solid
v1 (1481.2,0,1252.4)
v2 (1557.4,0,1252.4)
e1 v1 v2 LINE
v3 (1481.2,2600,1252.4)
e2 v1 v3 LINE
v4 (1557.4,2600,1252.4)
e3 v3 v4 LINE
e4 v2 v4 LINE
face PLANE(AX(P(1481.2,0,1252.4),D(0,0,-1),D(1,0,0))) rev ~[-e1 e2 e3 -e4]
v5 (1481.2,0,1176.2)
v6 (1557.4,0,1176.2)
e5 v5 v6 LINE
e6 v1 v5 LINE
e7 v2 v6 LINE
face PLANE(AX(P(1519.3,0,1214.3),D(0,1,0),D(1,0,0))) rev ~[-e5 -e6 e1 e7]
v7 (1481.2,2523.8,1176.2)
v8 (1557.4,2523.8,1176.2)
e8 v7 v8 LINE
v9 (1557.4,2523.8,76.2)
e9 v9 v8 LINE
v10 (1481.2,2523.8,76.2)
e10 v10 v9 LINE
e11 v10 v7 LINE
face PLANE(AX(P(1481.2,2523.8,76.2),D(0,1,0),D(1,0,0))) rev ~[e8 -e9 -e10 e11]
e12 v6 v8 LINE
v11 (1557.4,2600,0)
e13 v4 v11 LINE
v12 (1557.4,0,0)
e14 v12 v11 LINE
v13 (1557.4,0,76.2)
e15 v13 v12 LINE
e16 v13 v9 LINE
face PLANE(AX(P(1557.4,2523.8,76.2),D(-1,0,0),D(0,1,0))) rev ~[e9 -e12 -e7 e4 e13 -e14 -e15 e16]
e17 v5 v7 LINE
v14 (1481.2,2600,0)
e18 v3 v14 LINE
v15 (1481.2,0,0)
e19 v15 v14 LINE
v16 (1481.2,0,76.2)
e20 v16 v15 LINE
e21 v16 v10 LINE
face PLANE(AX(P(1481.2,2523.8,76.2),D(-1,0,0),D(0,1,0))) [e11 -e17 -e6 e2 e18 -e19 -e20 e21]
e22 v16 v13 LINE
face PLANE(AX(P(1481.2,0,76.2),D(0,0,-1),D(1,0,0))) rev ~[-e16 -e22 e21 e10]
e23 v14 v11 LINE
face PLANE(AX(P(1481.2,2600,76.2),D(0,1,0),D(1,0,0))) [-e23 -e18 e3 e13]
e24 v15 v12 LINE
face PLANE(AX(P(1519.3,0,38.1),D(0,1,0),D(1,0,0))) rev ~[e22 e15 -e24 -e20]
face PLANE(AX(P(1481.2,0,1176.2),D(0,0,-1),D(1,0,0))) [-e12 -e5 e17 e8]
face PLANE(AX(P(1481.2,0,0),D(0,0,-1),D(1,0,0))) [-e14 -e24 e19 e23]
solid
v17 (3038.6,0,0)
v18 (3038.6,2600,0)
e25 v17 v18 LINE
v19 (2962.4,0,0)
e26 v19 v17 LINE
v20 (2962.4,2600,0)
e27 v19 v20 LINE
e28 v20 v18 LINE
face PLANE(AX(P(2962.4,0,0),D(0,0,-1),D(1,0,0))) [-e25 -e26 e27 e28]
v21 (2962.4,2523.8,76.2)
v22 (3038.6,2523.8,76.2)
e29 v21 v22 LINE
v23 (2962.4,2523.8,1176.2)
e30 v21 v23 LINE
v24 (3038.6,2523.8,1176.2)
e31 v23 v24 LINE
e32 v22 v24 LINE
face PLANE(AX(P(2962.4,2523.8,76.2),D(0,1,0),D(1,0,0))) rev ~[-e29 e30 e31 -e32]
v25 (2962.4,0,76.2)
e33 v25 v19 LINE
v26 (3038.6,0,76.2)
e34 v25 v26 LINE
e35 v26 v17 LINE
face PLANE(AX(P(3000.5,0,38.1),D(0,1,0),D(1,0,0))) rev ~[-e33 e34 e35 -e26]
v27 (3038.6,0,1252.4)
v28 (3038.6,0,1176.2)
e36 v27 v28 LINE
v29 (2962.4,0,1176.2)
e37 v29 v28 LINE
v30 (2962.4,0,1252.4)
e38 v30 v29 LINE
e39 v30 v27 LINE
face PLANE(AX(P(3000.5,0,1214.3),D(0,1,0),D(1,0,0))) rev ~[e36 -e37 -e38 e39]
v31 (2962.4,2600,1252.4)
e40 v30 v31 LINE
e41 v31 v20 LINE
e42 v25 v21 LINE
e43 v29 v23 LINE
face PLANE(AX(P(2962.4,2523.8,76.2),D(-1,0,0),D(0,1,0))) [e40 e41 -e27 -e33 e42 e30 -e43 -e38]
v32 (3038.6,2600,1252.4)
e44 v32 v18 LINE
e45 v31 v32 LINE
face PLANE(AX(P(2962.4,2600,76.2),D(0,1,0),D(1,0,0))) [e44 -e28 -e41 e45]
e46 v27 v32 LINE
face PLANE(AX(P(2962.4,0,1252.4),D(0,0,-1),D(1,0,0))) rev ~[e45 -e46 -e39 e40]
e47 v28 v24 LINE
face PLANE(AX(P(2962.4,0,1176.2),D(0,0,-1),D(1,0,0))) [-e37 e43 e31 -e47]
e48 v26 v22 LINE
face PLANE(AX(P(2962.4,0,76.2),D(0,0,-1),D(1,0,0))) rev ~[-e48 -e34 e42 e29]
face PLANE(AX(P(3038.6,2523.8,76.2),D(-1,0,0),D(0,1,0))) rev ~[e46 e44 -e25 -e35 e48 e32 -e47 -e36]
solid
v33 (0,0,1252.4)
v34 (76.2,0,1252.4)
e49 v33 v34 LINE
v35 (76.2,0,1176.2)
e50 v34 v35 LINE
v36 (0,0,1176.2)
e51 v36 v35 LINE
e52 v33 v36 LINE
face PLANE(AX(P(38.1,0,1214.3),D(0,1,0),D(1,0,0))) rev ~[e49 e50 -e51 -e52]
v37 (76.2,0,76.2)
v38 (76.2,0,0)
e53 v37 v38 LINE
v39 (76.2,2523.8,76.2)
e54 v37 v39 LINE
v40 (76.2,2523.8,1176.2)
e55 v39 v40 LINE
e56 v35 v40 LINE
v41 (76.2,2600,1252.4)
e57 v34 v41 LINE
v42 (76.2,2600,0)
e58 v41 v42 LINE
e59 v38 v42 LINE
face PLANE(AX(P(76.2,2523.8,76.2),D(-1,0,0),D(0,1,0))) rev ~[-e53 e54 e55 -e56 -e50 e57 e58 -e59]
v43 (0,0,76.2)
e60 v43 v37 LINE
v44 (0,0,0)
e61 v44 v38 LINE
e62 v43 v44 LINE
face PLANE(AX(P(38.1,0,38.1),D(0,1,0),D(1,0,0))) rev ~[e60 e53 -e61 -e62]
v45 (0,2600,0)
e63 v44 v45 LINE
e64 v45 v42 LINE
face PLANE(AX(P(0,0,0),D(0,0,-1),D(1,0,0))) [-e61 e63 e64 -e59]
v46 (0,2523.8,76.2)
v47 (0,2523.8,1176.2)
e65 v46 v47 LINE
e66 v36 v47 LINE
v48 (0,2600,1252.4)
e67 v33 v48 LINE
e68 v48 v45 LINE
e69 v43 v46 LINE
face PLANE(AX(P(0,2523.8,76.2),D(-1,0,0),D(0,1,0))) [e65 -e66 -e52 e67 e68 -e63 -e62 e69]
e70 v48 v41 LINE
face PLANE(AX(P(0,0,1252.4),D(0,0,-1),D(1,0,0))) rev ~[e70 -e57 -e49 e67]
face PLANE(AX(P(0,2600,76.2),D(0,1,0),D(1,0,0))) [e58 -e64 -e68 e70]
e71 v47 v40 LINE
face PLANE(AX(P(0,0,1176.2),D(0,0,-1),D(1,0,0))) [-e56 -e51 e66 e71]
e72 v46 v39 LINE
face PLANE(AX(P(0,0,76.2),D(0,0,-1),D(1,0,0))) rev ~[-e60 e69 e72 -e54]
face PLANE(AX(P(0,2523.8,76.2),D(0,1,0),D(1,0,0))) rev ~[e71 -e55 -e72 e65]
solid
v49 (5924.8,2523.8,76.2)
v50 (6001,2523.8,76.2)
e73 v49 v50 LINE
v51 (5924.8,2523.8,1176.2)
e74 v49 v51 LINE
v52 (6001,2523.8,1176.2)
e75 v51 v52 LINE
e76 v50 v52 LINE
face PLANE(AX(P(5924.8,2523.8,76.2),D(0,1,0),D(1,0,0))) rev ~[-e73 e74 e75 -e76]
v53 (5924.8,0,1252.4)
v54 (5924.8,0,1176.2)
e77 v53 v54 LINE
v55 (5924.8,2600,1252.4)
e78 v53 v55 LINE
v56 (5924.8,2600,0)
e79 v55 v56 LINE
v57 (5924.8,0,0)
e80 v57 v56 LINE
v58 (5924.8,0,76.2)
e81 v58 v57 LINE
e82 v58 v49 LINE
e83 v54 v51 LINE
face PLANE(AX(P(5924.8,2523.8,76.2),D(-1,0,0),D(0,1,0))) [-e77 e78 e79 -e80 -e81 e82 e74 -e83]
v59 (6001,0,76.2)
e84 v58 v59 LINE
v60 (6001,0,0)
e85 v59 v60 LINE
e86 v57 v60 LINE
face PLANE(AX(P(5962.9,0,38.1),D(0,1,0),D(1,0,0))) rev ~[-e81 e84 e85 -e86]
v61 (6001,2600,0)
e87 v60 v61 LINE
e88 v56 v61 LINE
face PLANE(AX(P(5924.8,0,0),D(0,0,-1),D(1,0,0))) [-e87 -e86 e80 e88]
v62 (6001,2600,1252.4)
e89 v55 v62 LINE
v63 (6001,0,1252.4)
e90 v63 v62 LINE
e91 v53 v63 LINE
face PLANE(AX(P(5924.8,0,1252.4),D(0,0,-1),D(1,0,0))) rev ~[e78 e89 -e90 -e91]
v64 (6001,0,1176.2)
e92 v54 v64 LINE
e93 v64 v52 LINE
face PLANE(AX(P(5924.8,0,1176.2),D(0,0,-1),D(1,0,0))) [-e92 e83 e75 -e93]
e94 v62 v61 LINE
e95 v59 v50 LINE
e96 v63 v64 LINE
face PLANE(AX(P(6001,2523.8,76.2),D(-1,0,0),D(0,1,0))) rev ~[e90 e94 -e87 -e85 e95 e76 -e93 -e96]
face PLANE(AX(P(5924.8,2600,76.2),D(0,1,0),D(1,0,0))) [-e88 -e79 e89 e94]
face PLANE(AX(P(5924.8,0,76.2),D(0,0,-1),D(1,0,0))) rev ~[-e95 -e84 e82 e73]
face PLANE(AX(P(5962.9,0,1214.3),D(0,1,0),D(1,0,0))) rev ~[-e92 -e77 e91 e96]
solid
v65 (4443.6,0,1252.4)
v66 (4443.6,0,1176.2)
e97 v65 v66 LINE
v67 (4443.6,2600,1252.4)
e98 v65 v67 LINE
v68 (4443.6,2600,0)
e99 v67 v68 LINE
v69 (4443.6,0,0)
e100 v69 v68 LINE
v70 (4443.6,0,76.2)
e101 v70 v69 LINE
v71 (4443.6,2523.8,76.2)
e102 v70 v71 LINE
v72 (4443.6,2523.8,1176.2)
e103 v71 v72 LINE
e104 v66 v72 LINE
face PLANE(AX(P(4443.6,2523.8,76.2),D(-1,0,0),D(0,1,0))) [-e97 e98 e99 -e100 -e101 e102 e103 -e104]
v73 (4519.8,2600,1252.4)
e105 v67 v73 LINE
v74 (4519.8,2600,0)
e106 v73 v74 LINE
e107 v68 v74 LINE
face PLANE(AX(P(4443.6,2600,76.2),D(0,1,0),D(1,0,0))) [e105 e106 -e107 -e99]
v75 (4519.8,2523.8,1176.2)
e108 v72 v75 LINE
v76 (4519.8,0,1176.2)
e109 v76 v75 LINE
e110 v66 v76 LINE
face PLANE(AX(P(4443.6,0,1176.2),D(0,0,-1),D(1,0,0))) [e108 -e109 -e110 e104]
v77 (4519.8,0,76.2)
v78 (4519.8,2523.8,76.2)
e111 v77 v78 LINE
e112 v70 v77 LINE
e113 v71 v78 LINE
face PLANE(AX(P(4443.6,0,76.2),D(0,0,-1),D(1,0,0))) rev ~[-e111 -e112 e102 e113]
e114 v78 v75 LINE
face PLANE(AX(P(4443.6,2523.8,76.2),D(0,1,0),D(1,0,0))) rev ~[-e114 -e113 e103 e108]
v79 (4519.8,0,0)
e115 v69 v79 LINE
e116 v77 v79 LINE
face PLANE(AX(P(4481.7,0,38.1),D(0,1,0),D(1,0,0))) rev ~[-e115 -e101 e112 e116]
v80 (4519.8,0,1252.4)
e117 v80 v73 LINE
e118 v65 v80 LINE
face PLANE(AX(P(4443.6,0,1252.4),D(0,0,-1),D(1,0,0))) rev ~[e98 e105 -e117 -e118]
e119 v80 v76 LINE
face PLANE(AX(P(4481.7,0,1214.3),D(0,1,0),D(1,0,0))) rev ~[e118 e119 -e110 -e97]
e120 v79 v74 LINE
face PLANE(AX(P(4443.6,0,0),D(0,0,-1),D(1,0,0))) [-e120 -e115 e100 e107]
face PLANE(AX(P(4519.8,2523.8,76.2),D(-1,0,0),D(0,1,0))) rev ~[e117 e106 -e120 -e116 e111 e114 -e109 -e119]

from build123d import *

# Parameters (mm, degrees)
CROQUIS1_W                 = 76.2
CROQUIS1_H                 = 76.2
SALIENTE_EXTRUIR1_DEPTH    = 2600
SALIENTE_EXTRUIR1_2_DEPTH  = 2600
SALIENTE_EXTRUIR1_3_DEPTH  = 2600
SALIENTE_EXTRUIR1_4_DEPTH  = 2600
SALIENTE_EXTRUIR1_5_DEPTH  = 2600
SALIENTE_EXTRUIR1_6_DEPTH  = 2600
SALIENTE_EXTRUIR1_7_DEPTH  = 2600
SALIENTE_EXTRUIR1_8_DEPTH  = 2600
SALIENTE_EXTRUIR1_9_DEPTH  = 2600
SALIENTE_EXTRUIR1_10_DEPTH = 2600
CROQUIS2_W                 = 76.2
CROQUIS2_H                 = 76.2
SALIENTE_EXTRUIR2_DEPTH    = 1100


with BuildPart() as part:
    # Croquis1 → Saliente-Extruir1 (new body)
    with BuildSketch(Plane(origin=(0, 0, 0), x_dir=(1, 0, 0), z_dir=(0, 1, 0))):
        with Locations((38.1, -38.1)):
            Rectangle(CROQUIS1_W, CROQUIS1_H)
    extrude(amount=SALIENTE_EXTRUIR1_DEPTH)



with BuildPart() as body_2:
    # Croquis1 → Saliente-Extruir1 2 (new body)
    with BuildSketch(Plane(origin=(0, 0, 0), x_dir=(1, 0, 0), z_dir=(0, 1, 0))):
        with Locations((1519.3, -38.1)):
            Rectangle(CROQUIS1_W, CROQUIS1_H)
    extrude(amount=SALIENTE_EXTRUIR1_2_DEPTH)


with BuildPart() as body_3:
    # Croquis1 → Saliente-Extruir1 3 (new body)
    with BuildSketch(Plane(origin=(0, 0, 0), x_dir=(1, 0, 0), z_dir=(0, 1, 0))):
        with Locations((3000.5, -38.1)):
            Rectangle(CROQUIS1_W, CROQUIS1_H)
    extrude(amount=SALIENTE_EXTRUIR1_3_DEPTH)


with BuildPart() as body_4:
    # Croquis1 → Saliente-Extruir1 4 (new body)
    with BuildSketch(Plane(origin=(0, 0, 0), x_dir=(1, 0, 0), z_dir=(0, 1, 0))):
        with Locations((4481.7, -38.1)):
            Rectangle(CROQUIS1_W, CROQUIS1_H)
    extrude(amount=SALIENTE_EXTRUIR1_4_DEPTH)


with BuildPart() as body_5:
    # Croquis1 → Saliente-Extruir1 5 (new body)
    with BuildSketch(Plane(origin=(0, 0, 0), x_dir=(1, 0, 0), z_dir=(0, 1, 0))):
        with Locations((5962.9, -38.1)):
            Rectangle(CROQUIS1_W, CROQUIS1_H)
    extrude(amount=SALIENTE_EXTRUIR1_5_DEPTH)


with BuildPart() as body_6:
    # Croquis1 → Saliente-Extruir1 6 (new body)
    with BuildSketch(Plane(origin=(0, 0, 0), x_dir=(1, 0, 0), z_dir=(0, 1, 0))):
        with Locations((5962.9, -1214.3)):
            Rectangle(CROQUIS1_W, CROQUIS1_H)
    extrude(amount=SALIENTE_EXTRUIR1_6_DEPTH)


with BuildPart() as body_7:
    # Croquis1 → Saliente-Extruir1 7 (new body)
    with BuildSketch(Plane(origin=(0, 0, 0), x_dir=(1, 0, 0), z_dir=(0, 1, 0))):
        with Locations((4481.7, -1214.3)):
            Rectangle(CROQUIS1_W, CROQUIS1_H)
    extrude(amount=SALIENTE_EXTRUIR1_7_DEPTH)


with BuildPart() as body_8:
    # Croquis1 → Saliente-Extruir1 8 (new body)
    with BuildSketch(Plane(origin=(0, 0, 0), x_dir=(1, 0, 0), z_dir=(0, 1, 0))):
        with Locations((3000.5, -1214.3)):
            Rectangle(CROQUIS1_W, CROQUIS1_H)
    extrude(amount=SALIENTE_EXTRUIR1_8_DEPTH)


with BuildPart() as body_9:
    # Croquis1 → Saliente-Extruir1 9 (new body)
    with BuildSketch(Plane(origin=(0, 0, 0), x_dir=(1, 0, 0), z_dir=(0, 1, 0))):
        with Locations((1519.3, -1214.3)):
            Rectangle(CROQUIS1_W, CROQUIS1_H)
    extrude(amount=SALIENTE_EXTRUIR1_9_DEPTH)


with BuildPart() as body_10:
    # Croquis1 → Saliente-Extruir1 10 (new body)
    with BuildSketch(Plane(origin=(0, 0, 0), x_dir=(1, 0, 0), z_dir=(0, 1, 0))):
        with Locations((38.1, -1214.3)):
            Rectangle(CROQUIS1_W, CROQUIS1_H)
    extrude(amount=SALIENTE_EXTRUIR1_10_DEPTH)


with BuildPart() as part_1:
    add(part.part)

    add(body_2.part)  # Saliente-Extruir2 merges body 2

    add(body_3.part)  # Saliente-Extruir2 merges body 3

    add(body_4.part)  # Saliente-Extruir2 merges body 4

    add(body_5.part)  # Saliente-Extruir2 merges body 5

    add(body_6.part)  # Saliente-Extruir2 merges body 6

    add(body_7.part)  # Saliente-Extruir2 merges body 7

    add(body_8.part)  # Saliente-Extruir2 merges body 8

    add(body_9.part)  # Saliente-Extruir2 merges body 9

    add(body_10.part)  # Saliente-Extruir2 merges body 10
    # Croquis2 → Saliente-Extruir2 (add)
    with BuildSketch(Plane.XY.offset(76.2)):
        with Locations((38.1, 2561.9)):
            Rectangle(CROQUIS2_W, CROQUIS2_H)
        with Locations((1519.3, 2561.9)):
            Rectangle(CROQUIS2_W, CROQUIS2_H)
        with Locations((3000.5, 2561.9)):
            Rectangle(CROQUIS2_W, CROQUIS2_H)
        with Locations((4481.7, 2561.9)):
            Rectangle(CROQUIS2_W, CROQUIS2_H)
        with Locations((5962.9, 2561.9)):
            Rectangle(CROQUIS2_W, CROQUIS2_H)
    extrude(amount=SALIENTE_EXTRUIR2_DEPTH)


solid = part_1.part
